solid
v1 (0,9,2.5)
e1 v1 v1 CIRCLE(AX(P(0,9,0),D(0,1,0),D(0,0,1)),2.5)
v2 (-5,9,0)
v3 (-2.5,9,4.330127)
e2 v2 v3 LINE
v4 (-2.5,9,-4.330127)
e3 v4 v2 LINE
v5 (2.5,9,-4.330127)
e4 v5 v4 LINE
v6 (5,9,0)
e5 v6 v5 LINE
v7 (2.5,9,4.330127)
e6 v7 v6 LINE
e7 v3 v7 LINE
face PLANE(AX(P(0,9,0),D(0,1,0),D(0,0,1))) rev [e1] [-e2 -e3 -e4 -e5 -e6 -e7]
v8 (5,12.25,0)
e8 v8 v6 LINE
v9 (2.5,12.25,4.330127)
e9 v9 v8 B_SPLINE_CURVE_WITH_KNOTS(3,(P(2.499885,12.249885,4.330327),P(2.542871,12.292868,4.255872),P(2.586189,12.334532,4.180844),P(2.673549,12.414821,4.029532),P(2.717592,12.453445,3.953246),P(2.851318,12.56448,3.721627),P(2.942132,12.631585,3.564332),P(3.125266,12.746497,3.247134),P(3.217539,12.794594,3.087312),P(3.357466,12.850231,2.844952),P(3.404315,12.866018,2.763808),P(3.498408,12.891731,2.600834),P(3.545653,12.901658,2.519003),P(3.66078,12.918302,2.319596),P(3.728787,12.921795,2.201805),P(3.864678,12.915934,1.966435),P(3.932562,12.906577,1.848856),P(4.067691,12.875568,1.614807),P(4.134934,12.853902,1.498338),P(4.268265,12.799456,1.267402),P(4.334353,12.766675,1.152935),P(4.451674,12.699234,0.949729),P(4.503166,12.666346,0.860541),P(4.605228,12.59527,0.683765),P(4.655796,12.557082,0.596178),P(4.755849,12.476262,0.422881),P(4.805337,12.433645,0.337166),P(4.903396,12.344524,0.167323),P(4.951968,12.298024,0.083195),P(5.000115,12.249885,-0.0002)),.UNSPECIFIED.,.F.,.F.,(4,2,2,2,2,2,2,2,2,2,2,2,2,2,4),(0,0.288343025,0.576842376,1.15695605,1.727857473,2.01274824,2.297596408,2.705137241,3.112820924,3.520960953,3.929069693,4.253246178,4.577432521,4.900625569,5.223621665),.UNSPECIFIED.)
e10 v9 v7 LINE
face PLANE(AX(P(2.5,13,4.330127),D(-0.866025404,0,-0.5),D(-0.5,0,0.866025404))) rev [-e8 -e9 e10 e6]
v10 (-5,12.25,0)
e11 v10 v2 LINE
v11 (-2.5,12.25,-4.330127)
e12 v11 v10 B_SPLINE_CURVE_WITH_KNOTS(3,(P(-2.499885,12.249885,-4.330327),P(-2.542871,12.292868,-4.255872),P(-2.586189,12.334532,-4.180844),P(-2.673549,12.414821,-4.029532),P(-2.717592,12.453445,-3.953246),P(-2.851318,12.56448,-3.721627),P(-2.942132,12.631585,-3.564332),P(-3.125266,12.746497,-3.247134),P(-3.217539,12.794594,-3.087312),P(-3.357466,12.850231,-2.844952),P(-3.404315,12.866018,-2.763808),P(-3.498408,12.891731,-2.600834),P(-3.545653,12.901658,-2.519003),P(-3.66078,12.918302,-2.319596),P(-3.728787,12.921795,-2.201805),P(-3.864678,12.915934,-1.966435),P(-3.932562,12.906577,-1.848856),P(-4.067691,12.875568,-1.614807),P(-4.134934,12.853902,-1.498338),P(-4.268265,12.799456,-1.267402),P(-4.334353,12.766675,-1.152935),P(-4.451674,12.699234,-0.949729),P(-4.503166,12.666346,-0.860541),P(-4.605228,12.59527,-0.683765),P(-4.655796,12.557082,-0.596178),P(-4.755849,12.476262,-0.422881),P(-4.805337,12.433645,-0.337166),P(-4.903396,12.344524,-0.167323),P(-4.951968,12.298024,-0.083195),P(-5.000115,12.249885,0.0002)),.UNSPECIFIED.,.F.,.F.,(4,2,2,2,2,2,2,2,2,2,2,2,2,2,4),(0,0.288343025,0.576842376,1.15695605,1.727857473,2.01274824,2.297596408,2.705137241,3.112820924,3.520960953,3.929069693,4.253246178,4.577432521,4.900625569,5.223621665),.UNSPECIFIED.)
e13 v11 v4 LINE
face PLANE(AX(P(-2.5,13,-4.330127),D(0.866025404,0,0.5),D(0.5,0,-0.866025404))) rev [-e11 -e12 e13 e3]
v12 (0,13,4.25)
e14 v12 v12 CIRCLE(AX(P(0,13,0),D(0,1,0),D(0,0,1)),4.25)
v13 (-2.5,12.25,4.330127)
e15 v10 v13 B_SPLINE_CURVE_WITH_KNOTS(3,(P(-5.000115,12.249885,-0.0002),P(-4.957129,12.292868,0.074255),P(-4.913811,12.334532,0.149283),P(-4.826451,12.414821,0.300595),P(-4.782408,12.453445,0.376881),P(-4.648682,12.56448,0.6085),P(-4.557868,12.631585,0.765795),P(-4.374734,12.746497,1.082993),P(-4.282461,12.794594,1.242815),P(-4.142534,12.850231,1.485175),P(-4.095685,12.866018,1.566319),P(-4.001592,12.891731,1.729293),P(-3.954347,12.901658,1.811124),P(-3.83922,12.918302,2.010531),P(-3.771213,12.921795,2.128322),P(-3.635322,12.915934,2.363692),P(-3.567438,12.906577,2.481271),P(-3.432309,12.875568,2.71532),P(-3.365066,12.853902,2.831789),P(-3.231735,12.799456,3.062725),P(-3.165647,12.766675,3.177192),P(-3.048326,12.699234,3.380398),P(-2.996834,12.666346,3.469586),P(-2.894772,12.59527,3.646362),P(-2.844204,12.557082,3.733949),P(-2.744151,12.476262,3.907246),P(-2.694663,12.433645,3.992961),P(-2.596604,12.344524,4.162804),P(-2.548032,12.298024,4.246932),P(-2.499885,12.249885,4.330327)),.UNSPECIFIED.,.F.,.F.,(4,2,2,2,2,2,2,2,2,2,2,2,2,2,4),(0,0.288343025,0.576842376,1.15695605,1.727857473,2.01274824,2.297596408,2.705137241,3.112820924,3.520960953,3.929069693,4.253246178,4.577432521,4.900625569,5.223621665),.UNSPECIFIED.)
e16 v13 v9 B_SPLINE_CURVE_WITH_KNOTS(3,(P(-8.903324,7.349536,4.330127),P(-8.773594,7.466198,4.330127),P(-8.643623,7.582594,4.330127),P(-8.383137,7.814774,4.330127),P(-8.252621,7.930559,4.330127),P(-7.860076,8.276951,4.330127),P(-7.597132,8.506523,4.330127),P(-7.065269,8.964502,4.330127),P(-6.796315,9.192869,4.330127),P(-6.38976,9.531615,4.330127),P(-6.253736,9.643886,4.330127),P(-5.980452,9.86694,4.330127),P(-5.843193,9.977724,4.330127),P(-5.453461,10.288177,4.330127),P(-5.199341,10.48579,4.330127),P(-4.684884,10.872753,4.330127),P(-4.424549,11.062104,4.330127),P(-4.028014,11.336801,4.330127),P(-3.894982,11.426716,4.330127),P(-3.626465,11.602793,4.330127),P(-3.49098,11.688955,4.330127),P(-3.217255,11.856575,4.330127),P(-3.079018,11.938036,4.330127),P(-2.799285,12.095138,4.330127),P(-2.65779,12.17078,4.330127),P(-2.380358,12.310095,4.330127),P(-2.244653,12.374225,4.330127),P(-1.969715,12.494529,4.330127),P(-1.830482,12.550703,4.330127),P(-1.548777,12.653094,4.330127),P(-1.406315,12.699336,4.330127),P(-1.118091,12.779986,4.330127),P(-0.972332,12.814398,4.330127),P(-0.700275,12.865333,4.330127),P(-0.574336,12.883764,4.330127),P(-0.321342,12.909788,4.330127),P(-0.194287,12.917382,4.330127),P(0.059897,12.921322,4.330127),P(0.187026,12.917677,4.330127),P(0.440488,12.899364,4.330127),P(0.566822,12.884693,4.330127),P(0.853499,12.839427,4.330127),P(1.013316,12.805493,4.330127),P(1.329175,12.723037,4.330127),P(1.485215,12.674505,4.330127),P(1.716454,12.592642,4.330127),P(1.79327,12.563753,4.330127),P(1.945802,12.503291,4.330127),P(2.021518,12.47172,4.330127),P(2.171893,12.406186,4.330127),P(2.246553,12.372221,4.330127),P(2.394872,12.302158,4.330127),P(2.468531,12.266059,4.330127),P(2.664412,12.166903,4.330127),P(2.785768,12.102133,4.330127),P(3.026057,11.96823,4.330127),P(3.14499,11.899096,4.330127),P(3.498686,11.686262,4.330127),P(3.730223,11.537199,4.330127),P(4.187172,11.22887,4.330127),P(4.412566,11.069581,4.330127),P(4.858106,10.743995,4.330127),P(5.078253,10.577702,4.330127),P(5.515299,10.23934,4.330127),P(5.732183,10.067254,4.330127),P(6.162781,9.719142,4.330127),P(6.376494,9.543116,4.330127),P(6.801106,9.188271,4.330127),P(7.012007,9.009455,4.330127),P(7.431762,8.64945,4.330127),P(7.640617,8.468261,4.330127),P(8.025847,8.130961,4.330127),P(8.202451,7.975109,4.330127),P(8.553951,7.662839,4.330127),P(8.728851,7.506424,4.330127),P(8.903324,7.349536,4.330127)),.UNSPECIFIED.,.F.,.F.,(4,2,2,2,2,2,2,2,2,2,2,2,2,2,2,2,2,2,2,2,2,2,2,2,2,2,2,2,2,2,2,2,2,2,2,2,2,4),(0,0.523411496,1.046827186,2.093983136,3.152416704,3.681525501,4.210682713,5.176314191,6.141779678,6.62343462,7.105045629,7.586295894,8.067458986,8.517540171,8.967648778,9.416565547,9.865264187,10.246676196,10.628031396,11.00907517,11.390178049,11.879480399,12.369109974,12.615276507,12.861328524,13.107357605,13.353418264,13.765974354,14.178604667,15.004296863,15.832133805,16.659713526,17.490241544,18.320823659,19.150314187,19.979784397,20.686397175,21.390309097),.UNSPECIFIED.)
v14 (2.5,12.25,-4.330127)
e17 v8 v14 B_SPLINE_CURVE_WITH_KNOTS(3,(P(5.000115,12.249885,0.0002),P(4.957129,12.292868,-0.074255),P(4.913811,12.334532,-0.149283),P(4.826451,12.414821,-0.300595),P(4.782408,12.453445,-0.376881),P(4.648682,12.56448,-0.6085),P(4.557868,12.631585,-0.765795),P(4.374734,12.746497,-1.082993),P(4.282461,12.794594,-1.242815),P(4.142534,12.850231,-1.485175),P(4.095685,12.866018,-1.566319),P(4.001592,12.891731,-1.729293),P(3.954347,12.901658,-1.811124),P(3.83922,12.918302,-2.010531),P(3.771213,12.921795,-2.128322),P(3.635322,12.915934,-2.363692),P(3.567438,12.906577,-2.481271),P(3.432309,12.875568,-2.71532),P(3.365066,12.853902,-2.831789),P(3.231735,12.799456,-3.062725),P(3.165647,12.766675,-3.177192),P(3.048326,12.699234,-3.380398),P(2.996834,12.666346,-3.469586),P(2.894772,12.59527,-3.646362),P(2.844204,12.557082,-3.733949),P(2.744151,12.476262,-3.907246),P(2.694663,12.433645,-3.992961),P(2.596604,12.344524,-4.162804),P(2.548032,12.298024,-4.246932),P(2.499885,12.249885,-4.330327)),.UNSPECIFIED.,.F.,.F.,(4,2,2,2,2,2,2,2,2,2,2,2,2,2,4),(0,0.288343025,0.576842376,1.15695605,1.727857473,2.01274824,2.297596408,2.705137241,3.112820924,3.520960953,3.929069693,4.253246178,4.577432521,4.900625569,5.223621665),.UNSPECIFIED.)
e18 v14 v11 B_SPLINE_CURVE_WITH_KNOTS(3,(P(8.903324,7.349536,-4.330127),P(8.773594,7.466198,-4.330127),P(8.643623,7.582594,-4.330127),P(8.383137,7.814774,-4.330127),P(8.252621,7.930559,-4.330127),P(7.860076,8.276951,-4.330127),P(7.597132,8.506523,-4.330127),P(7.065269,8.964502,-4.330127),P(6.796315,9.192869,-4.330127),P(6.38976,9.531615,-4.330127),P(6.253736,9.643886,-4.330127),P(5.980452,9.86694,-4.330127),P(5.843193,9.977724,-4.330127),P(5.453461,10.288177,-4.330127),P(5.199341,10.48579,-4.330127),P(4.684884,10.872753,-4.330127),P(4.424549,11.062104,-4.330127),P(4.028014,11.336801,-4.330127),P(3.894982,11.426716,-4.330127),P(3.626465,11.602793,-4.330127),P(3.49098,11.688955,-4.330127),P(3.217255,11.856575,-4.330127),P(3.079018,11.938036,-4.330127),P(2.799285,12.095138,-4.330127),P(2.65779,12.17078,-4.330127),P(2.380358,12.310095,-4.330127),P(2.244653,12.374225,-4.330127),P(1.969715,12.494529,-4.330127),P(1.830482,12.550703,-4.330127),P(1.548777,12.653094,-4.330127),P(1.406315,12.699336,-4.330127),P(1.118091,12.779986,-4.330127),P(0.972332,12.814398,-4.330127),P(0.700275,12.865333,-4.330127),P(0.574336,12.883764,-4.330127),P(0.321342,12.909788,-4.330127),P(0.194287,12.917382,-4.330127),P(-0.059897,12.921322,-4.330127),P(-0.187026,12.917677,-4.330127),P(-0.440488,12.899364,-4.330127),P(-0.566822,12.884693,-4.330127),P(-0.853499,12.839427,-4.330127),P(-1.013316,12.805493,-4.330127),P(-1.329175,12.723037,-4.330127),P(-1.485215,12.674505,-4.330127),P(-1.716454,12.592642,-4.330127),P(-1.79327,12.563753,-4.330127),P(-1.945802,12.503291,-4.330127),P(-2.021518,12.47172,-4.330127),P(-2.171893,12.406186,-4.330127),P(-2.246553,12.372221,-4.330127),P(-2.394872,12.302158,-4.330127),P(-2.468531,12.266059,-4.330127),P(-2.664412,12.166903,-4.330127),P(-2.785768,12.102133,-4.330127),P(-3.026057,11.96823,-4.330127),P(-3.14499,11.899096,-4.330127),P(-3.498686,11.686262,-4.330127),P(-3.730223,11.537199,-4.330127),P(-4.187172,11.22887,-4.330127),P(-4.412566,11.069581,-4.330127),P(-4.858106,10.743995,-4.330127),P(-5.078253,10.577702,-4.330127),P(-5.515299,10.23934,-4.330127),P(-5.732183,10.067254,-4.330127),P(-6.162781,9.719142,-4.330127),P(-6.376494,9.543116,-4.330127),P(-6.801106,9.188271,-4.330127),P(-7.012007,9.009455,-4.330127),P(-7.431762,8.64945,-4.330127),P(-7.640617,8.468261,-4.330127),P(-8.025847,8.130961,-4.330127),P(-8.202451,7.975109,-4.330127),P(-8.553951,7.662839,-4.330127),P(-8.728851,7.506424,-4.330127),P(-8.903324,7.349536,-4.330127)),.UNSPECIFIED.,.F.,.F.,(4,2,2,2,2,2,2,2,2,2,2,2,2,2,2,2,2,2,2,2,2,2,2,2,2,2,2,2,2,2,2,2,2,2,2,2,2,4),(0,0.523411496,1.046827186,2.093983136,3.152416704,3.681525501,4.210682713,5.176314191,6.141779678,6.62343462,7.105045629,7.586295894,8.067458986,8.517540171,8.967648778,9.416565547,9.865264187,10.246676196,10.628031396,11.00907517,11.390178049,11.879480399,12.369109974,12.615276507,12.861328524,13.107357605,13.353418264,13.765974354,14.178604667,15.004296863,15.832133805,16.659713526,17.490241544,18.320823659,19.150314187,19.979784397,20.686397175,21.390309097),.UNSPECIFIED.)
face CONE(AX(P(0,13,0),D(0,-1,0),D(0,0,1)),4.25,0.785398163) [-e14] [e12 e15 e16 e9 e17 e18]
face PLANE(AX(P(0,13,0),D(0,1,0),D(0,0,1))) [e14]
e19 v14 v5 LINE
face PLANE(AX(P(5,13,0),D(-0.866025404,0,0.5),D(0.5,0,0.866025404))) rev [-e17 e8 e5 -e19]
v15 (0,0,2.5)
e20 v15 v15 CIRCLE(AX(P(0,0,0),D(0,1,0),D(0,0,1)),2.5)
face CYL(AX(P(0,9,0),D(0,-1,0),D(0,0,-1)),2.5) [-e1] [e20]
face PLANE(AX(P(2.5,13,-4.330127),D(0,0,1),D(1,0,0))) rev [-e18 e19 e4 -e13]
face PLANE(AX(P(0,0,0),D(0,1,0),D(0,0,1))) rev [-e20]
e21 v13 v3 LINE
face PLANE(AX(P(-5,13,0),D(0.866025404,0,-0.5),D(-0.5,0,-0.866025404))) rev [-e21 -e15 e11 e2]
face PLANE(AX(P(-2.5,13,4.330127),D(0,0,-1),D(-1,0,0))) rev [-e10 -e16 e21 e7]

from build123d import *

# Parameters (mm, degrees)
SKETCH1_R           = 2.5
BOSS_EXTRUDE1_DEPTH = 9
BOSS_EXTRUDE4_DEPTH = 4
SKETCH5_OUTSIDE_W   = 23.71
SKETCH5_OUTSIDE_H   = 22.37
SKETCH5_OUTSIDE_R   = 4.25
CUT_EXTRUDE1_DEPTH  = 4
CUT_EXTRUDE1_TAPER  = 45


with BuildPart() as part:
    # Sketch1 → Boss-Extrude1 (new body)
    with BuildSketch(Plane(origin=(0, 0, 0), x_dir=(1, 0, 0), z_dir=(0, 1, 0))):
        Circle(SKETCH1_R)
    extrude(amount=BOSS_EXTRUDE1_DEPTH)

    # Sketch3 → Boss-Extrude4 (add)
    with BuildSketch(Plane(origin=(0, 9, 0), x_dir=(1, 0, 0), z_dir=(0, 1, 0))):
        Polygon((5, 0), (2.5, 4.330127019), (-2.5, 4.330127019), (-5, 0), (-2.5, -4.330127019), (2.5, -4.330127019), align=None)
    extrude(amount=BOSS_EXTRUDE4_DEPTH)

    # Sketch5 outside → Cut-Extrude1 (cut)
    with BuildSketch(Plane(origin=(0, 13, 0), x_dir=(1, 0, 0), z_dir=(0, 1, 0))):
        Rectangle(SKETCH5_OUTSIDE_W, SKETCH5_OUTSIDE_H)
        Circle(SKETCH5_OUTSIDE_R, mode=Mode.SUBTRACT)
    extrude(amount=-CUT_EXTRUDE1_DEPTH, taper=CUT_EXTRUDE1_TAPER, mode=Mode.SUBTRACT)


solid = part.part
